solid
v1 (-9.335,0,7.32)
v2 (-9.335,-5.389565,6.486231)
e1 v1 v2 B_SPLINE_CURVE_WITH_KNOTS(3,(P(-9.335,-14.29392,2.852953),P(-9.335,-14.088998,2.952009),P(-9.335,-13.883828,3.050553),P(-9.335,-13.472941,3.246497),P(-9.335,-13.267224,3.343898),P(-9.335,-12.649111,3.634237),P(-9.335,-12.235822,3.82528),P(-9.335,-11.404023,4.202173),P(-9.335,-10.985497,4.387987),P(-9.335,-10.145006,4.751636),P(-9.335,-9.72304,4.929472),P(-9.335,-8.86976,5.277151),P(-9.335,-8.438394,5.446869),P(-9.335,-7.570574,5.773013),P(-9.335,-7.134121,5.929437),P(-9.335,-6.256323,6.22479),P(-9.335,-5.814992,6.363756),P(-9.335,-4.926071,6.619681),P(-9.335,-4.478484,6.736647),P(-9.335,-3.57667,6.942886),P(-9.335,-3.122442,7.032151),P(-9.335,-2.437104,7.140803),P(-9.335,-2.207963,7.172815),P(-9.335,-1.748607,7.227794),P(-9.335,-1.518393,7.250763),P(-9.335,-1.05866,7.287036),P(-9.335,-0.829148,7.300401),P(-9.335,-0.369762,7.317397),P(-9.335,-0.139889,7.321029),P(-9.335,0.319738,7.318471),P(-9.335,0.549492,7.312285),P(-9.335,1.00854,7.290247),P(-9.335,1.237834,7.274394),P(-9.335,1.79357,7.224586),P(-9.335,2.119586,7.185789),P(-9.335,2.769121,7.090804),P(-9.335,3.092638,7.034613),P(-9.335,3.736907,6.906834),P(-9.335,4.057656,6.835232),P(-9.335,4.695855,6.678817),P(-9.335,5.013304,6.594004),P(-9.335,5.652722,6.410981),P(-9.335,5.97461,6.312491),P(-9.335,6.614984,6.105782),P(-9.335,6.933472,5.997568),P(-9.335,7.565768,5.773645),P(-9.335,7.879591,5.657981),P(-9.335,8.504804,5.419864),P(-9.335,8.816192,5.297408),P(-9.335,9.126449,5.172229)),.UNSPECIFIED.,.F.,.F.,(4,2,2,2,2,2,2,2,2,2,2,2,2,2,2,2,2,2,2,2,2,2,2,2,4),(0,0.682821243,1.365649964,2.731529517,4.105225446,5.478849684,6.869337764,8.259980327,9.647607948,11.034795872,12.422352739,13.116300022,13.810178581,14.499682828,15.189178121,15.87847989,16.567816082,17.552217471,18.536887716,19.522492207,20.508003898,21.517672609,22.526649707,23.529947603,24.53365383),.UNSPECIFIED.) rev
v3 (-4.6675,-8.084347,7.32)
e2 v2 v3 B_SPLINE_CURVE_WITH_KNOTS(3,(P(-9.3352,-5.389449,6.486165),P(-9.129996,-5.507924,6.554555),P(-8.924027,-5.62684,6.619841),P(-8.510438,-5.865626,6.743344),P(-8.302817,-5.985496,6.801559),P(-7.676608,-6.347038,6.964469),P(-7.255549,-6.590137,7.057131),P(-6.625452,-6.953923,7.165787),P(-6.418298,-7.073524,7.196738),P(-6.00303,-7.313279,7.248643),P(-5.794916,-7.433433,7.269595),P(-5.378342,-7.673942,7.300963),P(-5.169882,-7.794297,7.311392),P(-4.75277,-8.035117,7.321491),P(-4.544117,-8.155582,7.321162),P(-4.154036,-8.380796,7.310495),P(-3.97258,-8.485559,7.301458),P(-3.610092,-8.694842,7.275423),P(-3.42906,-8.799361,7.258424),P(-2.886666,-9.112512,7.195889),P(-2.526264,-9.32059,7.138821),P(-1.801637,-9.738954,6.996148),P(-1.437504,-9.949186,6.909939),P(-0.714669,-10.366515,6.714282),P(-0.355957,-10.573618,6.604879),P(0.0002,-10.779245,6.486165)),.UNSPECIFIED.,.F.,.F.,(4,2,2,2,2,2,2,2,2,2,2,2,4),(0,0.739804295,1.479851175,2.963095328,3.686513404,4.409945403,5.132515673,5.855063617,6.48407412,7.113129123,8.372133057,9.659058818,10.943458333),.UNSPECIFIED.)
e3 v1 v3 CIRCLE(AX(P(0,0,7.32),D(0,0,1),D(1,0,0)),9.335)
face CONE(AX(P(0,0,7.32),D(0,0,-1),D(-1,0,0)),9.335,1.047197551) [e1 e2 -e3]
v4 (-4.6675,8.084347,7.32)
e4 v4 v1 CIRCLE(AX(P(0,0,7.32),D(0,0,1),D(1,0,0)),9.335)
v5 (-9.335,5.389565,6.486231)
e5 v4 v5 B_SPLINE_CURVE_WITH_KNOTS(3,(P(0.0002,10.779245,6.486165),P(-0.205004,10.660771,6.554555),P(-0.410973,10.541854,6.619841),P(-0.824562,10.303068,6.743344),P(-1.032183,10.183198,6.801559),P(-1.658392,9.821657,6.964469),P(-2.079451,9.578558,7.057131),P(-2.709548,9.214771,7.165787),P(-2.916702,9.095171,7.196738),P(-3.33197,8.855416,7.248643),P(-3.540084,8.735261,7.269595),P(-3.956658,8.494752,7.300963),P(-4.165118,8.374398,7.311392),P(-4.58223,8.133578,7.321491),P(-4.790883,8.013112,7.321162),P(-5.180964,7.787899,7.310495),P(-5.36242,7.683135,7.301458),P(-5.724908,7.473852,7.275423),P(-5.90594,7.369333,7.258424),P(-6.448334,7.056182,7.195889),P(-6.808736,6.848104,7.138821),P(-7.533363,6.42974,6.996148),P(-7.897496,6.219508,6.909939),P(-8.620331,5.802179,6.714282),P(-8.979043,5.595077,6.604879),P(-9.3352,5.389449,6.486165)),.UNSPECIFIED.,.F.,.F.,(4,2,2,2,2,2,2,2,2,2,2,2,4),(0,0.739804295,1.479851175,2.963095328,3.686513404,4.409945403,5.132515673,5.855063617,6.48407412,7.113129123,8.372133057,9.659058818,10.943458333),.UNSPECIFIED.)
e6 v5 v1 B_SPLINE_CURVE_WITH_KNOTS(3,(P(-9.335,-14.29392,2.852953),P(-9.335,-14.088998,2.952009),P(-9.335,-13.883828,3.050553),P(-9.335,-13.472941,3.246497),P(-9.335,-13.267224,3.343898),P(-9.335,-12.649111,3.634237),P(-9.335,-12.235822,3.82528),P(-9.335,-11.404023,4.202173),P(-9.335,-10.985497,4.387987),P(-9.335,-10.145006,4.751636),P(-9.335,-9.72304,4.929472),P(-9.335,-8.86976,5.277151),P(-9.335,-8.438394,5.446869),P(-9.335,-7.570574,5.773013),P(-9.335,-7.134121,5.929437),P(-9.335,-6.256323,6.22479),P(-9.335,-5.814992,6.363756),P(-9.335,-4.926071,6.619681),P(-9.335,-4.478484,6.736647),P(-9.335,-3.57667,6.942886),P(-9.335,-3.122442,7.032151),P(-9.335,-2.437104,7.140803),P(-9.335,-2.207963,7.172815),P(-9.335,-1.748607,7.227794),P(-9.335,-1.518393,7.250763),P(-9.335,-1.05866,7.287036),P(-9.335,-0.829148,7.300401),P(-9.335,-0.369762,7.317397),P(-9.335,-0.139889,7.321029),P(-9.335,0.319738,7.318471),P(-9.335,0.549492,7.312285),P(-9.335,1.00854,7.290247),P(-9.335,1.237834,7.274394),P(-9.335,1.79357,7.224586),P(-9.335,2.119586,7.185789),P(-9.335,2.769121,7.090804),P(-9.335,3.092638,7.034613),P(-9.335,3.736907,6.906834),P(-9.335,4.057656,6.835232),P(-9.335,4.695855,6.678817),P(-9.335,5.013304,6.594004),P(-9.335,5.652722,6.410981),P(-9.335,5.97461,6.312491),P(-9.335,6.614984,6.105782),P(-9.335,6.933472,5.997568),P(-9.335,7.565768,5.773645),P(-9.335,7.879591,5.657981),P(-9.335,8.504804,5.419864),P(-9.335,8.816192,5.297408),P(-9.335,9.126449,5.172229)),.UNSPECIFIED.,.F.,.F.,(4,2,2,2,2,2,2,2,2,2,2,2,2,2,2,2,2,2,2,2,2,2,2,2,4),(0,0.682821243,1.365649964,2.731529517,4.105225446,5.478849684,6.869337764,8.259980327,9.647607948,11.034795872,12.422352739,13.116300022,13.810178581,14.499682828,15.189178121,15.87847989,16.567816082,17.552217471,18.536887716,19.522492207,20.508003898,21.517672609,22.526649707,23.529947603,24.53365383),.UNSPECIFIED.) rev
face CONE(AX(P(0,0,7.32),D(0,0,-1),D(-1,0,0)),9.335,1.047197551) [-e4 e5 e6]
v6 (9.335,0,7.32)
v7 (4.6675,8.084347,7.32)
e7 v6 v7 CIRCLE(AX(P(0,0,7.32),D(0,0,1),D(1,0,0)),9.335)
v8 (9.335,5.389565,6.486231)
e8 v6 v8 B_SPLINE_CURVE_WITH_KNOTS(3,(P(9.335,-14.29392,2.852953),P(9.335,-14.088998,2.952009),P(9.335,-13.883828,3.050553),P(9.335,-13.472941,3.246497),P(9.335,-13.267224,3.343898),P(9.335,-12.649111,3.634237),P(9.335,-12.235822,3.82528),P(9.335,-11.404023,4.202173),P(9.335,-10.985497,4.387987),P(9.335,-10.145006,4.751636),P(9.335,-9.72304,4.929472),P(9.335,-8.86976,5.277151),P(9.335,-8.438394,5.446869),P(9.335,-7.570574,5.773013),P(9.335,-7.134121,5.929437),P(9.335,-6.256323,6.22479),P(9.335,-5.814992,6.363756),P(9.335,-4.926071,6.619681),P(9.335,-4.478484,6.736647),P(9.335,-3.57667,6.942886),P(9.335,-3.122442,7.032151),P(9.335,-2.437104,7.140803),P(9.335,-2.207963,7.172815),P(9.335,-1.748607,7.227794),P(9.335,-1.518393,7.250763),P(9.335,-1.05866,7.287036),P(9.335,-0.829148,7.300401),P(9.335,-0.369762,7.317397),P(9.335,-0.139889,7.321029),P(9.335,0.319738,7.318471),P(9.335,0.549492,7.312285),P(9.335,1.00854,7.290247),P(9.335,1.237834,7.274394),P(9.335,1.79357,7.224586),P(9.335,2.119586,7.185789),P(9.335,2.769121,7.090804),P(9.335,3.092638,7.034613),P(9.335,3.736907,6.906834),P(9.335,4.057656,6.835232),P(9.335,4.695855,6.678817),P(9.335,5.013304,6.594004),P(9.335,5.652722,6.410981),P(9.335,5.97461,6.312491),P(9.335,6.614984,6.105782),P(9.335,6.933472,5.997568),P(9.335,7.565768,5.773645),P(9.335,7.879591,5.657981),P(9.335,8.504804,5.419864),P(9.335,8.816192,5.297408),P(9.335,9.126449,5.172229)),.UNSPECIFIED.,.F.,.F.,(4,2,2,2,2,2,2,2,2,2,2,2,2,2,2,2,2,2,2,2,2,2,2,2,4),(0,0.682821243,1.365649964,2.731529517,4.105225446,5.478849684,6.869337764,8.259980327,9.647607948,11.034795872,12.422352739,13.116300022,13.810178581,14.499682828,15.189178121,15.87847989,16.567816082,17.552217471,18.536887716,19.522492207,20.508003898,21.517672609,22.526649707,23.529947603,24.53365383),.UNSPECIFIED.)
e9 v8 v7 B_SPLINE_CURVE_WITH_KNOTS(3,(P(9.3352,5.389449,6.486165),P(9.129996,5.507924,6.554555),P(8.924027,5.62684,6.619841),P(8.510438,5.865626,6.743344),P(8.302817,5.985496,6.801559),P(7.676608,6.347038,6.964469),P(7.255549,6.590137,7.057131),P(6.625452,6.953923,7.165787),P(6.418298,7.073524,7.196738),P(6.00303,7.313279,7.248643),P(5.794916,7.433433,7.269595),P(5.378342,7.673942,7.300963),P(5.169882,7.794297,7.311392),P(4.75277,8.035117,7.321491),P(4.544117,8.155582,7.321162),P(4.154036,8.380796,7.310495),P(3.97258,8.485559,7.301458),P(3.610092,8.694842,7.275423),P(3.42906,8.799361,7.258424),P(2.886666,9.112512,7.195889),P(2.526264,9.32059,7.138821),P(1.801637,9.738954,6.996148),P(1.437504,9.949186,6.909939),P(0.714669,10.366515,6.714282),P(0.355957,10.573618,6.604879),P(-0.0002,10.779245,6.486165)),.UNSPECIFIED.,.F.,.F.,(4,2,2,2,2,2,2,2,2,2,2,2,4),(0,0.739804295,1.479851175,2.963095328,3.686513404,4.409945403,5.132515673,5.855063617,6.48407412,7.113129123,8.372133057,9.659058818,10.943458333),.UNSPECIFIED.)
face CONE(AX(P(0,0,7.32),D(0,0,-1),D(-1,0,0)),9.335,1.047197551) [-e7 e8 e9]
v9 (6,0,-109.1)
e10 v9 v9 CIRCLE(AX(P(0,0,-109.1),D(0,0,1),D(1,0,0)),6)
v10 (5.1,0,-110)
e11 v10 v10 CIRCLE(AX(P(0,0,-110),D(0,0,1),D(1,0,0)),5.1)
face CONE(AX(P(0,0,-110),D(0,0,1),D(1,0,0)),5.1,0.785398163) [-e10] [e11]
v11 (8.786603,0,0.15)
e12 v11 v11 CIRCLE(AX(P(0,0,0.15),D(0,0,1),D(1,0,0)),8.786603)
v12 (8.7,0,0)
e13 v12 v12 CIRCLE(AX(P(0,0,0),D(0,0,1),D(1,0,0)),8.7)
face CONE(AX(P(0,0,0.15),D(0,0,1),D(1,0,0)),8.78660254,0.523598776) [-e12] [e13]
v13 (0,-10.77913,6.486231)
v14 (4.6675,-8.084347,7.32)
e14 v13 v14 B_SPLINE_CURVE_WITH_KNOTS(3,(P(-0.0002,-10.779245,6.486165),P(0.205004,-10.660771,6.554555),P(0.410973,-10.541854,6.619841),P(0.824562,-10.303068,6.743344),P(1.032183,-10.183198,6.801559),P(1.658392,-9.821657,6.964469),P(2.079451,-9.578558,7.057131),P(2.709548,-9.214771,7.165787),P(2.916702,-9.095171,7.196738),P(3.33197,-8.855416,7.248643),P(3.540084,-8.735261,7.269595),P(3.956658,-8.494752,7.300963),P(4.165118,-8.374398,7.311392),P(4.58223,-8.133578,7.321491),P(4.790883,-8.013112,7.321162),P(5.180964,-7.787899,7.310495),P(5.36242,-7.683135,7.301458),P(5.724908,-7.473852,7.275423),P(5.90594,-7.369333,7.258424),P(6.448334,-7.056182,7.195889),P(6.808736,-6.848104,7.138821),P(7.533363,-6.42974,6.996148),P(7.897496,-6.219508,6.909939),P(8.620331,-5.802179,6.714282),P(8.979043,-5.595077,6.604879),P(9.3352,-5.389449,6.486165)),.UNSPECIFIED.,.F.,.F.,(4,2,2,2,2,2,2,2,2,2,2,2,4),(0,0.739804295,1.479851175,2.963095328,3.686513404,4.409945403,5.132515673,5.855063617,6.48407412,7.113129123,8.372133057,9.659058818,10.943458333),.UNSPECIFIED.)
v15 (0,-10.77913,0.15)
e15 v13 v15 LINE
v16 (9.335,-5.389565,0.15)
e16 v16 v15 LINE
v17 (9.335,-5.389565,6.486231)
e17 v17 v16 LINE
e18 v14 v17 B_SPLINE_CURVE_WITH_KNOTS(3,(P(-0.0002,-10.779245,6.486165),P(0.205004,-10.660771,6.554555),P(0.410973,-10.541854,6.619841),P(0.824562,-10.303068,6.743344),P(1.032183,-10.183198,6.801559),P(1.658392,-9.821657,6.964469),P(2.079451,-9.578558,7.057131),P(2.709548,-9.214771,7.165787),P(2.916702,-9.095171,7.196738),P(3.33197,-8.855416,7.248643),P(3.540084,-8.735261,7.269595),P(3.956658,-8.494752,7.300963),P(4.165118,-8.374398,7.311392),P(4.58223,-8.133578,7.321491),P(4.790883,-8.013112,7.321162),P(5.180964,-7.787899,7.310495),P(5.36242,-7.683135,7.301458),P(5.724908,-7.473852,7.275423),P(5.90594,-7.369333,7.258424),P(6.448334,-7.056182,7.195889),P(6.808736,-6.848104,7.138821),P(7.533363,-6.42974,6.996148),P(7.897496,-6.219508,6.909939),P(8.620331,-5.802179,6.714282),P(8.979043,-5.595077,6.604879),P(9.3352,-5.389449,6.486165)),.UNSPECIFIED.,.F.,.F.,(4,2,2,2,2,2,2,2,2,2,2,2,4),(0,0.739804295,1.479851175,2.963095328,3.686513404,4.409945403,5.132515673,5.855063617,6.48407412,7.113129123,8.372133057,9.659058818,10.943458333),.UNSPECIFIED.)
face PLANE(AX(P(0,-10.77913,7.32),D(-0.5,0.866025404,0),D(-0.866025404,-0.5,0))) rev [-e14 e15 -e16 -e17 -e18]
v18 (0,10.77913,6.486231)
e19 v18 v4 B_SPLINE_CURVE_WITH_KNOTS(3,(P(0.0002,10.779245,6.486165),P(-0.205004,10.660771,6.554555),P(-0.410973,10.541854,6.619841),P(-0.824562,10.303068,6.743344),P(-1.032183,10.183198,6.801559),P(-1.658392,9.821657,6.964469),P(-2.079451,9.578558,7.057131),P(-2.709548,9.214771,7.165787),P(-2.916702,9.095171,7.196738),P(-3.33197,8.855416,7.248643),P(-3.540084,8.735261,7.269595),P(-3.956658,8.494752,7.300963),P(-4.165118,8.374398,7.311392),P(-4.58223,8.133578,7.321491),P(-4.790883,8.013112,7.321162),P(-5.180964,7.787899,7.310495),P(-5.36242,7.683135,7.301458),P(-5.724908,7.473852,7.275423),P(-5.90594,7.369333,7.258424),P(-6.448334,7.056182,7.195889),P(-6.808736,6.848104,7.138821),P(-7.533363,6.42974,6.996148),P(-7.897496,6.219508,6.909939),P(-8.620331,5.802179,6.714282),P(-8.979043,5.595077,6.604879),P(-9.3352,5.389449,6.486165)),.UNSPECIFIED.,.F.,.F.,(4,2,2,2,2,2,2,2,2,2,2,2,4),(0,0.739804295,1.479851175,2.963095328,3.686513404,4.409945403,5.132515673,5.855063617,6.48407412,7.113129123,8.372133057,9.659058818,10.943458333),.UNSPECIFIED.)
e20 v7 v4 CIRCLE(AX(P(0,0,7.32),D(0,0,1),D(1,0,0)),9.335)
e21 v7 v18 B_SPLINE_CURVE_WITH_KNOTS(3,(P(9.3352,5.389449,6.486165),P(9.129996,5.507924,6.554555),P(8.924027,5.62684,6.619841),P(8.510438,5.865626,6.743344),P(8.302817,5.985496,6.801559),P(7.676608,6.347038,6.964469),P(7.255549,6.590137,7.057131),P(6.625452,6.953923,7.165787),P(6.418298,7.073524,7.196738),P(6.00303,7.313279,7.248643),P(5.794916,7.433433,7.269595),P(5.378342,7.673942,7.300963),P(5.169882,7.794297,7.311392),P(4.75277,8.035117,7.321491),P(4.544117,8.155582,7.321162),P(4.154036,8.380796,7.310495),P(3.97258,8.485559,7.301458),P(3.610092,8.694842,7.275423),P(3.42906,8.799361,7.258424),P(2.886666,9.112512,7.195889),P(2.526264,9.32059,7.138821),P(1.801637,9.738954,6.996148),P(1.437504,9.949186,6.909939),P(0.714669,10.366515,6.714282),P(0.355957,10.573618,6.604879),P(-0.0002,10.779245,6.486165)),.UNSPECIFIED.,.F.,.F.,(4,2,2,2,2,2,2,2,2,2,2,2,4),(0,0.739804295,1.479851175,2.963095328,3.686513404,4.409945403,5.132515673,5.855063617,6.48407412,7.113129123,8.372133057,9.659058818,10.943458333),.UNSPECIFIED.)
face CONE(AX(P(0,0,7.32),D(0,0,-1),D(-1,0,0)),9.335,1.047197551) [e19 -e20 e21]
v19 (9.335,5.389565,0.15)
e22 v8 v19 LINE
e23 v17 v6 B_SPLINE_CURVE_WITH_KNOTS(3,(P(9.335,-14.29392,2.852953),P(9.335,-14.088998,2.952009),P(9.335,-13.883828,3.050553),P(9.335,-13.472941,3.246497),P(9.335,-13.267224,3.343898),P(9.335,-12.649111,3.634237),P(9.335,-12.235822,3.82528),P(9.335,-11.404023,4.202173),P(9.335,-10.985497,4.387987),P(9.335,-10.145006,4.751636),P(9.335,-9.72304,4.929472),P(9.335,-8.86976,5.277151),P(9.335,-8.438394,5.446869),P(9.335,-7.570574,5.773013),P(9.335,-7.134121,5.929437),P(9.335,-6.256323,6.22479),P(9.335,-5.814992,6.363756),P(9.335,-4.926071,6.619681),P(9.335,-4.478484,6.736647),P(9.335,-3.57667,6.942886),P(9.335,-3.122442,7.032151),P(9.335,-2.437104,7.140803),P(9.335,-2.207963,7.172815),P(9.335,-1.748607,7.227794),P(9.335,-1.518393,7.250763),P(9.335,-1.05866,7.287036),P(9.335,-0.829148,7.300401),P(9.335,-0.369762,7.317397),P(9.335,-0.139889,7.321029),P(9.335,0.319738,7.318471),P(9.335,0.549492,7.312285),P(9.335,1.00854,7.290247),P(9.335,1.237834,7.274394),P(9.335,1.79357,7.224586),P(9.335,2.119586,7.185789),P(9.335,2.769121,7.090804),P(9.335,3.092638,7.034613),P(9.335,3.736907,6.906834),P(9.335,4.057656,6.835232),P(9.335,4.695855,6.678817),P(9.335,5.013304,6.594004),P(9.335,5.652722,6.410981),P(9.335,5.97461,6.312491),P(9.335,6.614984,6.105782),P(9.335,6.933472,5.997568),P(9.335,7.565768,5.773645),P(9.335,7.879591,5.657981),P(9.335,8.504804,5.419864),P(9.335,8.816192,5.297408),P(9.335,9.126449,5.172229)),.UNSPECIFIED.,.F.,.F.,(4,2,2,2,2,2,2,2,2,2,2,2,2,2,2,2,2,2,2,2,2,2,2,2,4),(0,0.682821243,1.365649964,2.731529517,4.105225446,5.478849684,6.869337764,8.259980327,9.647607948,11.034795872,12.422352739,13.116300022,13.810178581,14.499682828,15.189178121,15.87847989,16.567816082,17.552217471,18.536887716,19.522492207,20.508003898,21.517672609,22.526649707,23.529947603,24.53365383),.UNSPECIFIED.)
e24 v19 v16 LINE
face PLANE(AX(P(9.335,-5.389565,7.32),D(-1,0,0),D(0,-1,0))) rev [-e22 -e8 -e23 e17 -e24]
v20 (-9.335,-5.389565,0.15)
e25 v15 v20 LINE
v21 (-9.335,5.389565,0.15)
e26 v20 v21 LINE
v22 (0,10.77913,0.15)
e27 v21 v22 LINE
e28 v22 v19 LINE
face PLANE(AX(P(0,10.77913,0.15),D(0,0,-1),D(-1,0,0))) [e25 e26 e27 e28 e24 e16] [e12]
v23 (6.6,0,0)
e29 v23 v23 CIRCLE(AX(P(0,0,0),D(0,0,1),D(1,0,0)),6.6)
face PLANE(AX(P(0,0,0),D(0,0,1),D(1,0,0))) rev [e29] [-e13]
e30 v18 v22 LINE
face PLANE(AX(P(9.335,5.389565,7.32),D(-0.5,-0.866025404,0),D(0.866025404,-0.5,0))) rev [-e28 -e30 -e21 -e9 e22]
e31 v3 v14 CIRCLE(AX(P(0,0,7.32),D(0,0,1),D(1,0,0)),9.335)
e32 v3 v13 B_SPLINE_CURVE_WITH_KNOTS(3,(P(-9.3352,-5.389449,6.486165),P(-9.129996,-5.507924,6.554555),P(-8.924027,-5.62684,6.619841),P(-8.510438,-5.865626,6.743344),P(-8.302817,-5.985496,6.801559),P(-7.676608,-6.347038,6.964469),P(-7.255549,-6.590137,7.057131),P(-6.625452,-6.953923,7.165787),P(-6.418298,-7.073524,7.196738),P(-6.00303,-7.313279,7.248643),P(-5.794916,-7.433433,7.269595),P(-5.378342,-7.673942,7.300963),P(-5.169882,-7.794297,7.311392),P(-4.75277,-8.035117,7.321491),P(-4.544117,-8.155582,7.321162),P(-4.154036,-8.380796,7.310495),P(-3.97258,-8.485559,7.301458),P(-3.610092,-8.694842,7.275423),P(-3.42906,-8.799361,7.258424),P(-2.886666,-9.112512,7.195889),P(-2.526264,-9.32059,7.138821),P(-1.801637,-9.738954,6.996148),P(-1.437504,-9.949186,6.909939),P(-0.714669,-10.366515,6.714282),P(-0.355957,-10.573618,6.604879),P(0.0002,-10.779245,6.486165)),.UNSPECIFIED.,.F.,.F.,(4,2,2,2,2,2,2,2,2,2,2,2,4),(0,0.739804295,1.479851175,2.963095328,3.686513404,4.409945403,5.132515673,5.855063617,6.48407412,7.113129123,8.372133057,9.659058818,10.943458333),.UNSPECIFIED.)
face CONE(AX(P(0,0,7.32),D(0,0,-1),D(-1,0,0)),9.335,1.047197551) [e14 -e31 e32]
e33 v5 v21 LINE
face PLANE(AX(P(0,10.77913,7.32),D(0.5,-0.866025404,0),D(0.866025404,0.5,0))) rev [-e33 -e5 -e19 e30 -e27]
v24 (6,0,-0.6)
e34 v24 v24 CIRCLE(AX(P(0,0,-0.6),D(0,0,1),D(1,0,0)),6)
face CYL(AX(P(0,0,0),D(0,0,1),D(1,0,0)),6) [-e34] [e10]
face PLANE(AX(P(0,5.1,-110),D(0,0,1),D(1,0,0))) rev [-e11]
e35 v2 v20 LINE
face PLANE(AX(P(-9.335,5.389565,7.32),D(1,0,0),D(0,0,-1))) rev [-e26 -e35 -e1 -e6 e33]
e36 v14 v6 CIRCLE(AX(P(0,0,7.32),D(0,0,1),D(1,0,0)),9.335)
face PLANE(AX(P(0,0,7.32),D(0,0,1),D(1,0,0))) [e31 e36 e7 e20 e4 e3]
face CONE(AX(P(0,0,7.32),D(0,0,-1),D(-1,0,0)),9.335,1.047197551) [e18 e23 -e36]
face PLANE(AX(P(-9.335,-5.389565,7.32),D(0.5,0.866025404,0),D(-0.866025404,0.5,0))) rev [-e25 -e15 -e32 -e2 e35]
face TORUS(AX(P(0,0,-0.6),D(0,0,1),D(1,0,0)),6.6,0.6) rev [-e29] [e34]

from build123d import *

# Parameters (mm, degrees)
BOSS_EXTRUDE1_DEPTH = 7.32


with BuildPart() as part:
    # Sketch1 → Boss-Extrude1 (new body)
    with BuildSketch(Plane.XY):
        Polygon((0, 10.779129526), (-9.335, 5.389564763), (-9.335, -5.389564763), (0, -10.779129526), (9.335, -5.389564763), (9.335, 5.389564763), align=None)
    extrude(amount=BOSS_EXTRUDE1_DEPTH)

    # Sketch2 → Revolve1 (revolve)
    with BuildSketch(Plane(origin=(0, 0, 0), x_dir=(0, 0, -1), z_dir=(1, 0, 0))):
        with BuildLine():
            Line((0, 0), (0, 6.6))
            ThreePointArc((0, 6.6), (0.175735931, 6.175735931), (0.6, 6))
            Line((0.6, 6), (109.1, 6))
            Line((109.1, 6), (110, 5.1))
            Line((110, 5.1), (110, 0))
            Line((110, 0), (0, 0))
        make_face()
    revolve(axis=Axis((0, 0, 0), (0, 0, -1)))

    # Sketch3 → Cut-Revolve1 (revolve, cut)
    with BuildSketch(Plane(origin=(0, 0, 0), x_dir=(0, 0, -1), z_dir=(1, 0, 0))):
        Polygon((-7.32, 10.779129526), (-6.48623143, 10.779129526), (-7.32, 9.335), align=None)
        Polygon((-0.15, 10.779129526), (-0.15, 8.78660254), (0, 8.7), (0, 10.779129526), align=None)
    revolve(axis=Axis((0, 0, 12.204941078), (0, 0, -1)), mode=Mode.SUBTRACT)


solid = part.part
